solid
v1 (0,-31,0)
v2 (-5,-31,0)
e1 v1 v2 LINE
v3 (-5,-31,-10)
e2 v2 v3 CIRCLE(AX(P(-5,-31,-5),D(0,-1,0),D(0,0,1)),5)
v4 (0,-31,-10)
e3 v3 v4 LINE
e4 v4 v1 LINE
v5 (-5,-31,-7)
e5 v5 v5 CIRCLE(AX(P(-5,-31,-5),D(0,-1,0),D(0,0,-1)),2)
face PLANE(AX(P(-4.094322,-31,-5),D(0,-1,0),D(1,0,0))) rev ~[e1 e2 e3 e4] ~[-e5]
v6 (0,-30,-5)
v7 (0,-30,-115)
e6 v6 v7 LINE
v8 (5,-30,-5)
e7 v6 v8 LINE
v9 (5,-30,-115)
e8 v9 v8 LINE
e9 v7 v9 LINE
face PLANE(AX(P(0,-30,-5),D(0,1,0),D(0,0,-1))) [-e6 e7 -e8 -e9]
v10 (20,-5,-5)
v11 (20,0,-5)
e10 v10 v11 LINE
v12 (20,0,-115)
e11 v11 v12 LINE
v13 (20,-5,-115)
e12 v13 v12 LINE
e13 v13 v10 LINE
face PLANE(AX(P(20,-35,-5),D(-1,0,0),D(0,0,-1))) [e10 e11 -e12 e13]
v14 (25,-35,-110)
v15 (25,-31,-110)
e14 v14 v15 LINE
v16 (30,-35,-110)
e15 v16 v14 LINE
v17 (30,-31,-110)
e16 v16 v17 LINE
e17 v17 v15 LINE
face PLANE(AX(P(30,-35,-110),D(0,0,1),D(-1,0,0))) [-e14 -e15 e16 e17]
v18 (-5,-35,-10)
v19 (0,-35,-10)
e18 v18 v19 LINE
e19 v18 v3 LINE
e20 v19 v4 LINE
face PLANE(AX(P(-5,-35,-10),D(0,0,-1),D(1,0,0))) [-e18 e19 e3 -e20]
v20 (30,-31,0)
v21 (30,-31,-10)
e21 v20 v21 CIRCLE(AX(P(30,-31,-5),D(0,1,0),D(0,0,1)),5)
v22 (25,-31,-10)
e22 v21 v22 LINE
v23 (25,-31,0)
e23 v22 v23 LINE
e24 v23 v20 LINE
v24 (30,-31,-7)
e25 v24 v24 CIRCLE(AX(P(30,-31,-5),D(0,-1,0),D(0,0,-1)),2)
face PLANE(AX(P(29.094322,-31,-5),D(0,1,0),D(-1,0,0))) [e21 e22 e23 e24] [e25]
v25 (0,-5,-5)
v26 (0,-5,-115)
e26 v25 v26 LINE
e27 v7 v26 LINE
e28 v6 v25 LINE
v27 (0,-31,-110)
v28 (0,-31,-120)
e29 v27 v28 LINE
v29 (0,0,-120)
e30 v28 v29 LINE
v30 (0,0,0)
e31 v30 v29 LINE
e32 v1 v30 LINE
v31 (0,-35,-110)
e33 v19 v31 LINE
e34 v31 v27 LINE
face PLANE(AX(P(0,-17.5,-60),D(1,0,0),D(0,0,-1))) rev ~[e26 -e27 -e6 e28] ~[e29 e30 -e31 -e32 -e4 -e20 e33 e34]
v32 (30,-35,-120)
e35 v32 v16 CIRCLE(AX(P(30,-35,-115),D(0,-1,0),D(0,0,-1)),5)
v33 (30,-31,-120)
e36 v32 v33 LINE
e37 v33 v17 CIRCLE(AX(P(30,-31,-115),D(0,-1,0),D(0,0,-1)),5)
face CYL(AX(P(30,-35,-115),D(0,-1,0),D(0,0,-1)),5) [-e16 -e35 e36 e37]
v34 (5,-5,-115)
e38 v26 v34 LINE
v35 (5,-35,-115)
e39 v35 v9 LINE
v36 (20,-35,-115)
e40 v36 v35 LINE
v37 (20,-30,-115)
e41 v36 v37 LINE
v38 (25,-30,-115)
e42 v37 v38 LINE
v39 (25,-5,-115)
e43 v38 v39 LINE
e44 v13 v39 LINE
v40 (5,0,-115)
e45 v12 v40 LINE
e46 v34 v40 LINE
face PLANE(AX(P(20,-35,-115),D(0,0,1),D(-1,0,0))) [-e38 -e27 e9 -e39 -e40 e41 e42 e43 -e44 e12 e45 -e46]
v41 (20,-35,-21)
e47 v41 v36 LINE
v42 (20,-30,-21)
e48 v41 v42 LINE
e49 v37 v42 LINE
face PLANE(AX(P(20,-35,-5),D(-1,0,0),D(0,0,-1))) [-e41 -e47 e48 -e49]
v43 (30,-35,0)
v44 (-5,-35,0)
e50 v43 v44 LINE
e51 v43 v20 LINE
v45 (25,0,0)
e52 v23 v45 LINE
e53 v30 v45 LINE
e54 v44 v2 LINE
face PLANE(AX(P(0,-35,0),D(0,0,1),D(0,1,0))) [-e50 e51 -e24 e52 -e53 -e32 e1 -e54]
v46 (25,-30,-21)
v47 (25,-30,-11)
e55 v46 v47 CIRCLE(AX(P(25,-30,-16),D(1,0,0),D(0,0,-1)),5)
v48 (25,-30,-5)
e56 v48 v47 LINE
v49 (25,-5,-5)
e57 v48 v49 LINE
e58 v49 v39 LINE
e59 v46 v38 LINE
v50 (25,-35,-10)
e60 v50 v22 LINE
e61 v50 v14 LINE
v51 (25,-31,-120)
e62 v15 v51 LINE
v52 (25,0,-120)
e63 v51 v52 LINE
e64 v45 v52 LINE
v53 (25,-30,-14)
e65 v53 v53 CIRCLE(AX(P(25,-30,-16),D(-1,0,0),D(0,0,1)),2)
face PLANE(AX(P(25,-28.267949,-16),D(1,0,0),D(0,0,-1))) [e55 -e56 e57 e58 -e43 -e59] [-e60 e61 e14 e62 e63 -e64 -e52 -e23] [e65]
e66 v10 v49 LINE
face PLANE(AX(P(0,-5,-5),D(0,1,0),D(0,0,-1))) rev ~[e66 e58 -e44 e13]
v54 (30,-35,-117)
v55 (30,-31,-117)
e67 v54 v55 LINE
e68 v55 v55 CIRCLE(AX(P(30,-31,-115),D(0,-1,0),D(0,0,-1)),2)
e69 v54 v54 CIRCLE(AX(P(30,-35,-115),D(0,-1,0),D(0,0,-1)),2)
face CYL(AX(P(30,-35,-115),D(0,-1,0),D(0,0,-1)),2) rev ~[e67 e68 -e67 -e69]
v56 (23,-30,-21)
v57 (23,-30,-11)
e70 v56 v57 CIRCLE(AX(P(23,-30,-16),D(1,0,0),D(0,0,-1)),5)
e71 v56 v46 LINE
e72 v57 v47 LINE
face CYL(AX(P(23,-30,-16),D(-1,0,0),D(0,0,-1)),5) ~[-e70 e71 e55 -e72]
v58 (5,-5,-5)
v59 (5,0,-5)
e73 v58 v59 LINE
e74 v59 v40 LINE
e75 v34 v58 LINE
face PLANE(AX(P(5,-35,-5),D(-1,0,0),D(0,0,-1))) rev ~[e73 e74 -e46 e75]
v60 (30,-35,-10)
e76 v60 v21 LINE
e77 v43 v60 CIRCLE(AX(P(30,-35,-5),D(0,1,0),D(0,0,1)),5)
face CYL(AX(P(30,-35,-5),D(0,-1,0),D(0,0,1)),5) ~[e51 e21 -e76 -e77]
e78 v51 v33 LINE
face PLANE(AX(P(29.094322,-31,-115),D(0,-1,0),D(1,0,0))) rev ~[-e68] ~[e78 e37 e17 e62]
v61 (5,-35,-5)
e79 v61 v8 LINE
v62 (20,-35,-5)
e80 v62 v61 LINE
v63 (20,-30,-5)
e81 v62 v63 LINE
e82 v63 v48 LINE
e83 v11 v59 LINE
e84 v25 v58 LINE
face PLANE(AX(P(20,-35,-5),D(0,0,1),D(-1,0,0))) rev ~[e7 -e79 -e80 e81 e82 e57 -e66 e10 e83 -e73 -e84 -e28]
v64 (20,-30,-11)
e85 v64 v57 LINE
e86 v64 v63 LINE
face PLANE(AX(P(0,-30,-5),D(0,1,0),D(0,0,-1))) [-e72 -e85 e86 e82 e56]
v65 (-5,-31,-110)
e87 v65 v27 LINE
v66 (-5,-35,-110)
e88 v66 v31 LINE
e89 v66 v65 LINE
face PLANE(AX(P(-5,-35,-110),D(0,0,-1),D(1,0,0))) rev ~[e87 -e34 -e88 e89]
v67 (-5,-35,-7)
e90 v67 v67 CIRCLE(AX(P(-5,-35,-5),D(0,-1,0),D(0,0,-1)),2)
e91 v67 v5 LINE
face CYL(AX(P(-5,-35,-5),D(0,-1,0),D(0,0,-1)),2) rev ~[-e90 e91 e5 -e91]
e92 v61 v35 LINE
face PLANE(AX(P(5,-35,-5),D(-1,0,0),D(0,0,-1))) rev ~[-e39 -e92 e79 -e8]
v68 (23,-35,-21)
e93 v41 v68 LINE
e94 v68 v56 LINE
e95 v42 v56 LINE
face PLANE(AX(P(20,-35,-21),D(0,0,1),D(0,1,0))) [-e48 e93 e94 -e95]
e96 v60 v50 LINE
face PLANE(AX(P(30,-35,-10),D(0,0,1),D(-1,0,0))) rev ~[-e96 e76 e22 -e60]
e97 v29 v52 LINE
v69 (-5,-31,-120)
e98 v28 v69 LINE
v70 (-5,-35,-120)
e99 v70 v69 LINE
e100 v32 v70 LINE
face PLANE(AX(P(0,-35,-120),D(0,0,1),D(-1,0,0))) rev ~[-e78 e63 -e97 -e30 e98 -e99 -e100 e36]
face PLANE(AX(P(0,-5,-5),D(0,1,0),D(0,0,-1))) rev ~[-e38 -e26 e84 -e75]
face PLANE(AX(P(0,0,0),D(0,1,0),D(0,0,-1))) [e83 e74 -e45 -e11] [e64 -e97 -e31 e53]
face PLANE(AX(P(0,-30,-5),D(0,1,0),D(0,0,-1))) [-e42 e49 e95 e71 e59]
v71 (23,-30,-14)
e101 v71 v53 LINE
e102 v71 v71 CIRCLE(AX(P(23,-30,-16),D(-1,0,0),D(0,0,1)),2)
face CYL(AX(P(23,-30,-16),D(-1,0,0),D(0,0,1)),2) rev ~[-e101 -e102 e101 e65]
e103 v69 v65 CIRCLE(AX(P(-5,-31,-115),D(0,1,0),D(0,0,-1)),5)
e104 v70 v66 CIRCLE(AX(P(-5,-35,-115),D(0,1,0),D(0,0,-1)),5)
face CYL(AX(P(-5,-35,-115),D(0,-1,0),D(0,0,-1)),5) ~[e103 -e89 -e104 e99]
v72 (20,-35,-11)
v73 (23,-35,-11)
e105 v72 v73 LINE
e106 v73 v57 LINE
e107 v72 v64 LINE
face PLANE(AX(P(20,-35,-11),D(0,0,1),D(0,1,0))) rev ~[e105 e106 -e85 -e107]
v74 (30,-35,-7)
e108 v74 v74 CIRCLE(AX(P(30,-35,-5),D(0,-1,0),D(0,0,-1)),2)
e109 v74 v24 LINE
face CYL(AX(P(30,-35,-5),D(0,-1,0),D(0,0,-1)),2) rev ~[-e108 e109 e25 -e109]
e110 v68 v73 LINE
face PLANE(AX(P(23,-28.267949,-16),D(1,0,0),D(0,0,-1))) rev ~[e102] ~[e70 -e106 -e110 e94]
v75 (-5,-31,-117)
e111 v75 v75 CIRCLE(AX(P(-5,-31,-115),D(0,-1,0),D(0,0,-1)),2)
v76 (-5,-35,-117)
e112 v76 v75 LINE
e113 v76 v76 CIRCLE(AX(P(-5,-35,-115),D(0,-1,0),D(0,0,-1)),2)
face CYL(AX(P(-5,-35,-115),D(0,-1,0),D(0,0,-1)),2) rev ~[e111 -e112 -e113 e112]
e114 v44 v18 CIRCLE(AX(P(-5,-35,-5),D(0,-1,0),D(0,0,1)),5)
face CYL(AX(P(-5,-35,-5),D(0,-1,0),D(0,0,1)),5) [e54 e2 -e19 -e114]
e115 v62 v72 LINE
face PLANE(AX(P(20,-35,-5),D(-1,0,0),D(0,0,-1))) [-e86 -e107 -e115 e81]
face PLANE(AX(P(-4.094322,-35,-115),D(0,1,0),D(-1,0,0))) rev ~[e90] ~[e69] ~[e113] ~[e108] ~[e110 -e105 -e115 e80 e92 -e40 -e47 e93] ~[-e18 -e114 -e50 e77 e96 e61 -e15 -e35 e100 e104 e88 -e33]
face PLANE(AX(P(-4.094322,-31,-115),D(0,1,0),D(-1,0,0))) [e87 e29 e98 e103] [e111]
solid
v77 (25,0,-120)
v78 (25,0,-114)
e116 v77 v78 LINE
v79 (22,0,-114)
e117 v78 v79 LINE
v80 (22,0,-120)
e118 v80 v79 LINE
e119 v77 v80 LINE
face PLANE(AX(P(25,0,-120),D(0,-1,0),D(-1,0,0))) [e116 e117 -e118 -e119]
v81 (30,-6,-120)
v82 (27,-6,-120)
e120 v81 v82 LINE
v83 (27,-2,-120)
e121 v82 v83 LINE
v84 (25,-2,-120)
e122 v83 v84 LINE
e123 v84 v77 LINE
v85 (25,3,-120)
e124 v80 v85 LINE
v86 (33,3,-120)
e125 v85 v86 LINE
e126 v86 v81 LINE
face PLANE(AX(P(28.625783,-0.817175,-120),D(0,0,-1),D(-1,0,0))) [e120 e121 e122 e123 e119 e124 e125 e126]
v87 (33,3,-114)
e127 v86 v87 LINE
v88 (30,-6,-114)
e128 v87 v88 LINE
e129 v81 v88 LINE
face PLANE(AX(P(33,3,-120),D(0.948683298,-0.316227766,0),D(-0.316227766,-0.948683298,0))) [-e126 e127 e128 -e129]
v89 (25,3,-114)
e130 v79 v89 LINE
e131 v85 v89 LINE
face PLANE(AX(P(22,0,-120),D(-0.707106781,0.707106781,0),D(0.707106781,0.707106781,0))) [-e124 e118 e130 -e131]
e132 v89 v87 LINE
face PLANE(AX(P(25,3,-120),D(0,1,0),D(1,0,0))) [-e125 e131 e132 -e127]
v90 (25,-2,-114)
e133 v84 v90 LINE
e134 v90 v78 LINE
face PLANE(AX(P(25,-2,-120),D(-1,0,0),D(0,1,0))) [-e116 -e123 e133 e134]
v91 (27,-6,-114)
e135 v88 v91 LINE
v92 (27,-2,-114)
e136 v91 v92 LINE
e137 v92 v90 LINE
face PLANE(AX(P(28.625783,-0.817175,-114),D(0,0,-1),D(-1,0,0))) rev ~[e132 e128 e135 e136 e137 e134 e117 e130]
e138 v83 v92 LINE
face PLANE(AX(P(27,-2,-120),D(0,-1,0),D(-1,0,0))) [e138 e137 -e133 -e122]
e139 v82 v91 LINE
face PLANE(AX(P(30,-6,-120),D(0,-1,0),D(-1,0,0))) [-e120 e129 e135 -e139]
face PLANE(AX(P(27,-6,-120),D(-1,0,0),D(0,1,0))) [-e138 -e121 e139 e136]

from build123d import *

# Parameters (mm, degrees)
SKETCH1_W           = 120
SKETCH1_H           = 35
SKETCH1_W_2         = 110
SKETCH1_H_2         = 25
BOSS_EXTRUDE1_DEPTH = 25
CUT_EXTRUDE1_REACH  = 129.475
SKETCH2_W           = 15
SKETCH2_H           = 110
SKETCH3_R           = 2
BOSS_EXTRUDE2_DEPTH = 4
SKETCH4_W           = 10
SKETCH4_H           = 5
CUT_EXTRUDE2_DEPTH  = 3
BOSS_EXTRUDE3_DEPTH = 2
SKETCH6_R           = 2
CUT_EXTRUDE3_DEPTH  = 2
BOSS_EXTRUDE4_DEPTH = 6


with BuildPart() as part:
    # Sketch1 → Boss-Extrude1 (new body)
    with BuildSketch(Plane(origin=(0, 0, 0), x_dir=(0, 0, -1), z_dir=(1, 0, 0))):
        with Locations((60, -17.5)):
            Rectangle(SKETCH1_W, SKETCH1_H)
        with Locations((60, -17.5)):
            Rectangle(SKETCH1_W_2, SKETCH1_H_2, mode=Mode.SUBTRACT)
    extrude(amount=BOSS_EXTRUDE1_DEPTH)

    # Cut-Extrude1: up to this face of the body (flat: up to its plane)
    cut_extrude1_end = Plane(part.part.faces().sort_by_distance((12.5, 0, -60))[0])
    # Sketch2 → Cut-Extrude1 (cut, up to the picked face)
    with BuildSketch(Plane(origin=(0, -35, 0), x_dir=(-1, 0, 0), z_dir=(0, -1, 0)), mode=Mode.PRIVATE) as cut_extrude1_sk1:
        with Locations((-12.5, 60)):
            Rectangle(SKETCH2_W, SKETCH2_H)
    cut_extrude1_tool1 = split(extrude(cut_extrude1_sk1.sketch, amount=-CUT_EXTRUDE1_REACH, mode=Mode.PRIVATE), bisect_by=cut_extrude1_end, keep=Keep.BOTH, mode=Mode.PRIVATE)
    add(cut_extrude1_tool1.solids().sort_by(Axis((12.5, -35, -60), (0, 1, 0)))[0], mode=Mode.SUBTRACT)

    # Sketch3 → Boss-Extrude2 (add)
    # profile 1 of 4: a face of its own
    with BuildSketch(Plane.XZ.offset(35)):
        with BuildLine():
            Line((0, -120), (-5, -120))
            ThreePointArc((-5, -120), (-10, -115), (-5, -110))
            Line((-5, -110), (0, -110))
            Line((0, -110), (0, -120))
        make_face()
        with Locations(Location((-5, -115, 0), (0, 0, 270))):
            Circle(SKETCH3_R, mode=Mode.SUBTRACT)
    # profile 2 of 4: a face of its own
    with BuildSketch(Plane.XZ.offset(35)):
        with BuildLine():
            Line((0, 0), (-5, 0))
            ThreePointArc((-5, 0), (-10, -5), (-5, -10))
            Line((-5, -10), (0, -10))
            Line((0, -10), (0, 0))
        make_face()
        with Locations(Location((-5, -5, 0), (0, 0, 270))):
            Circle(SKETCH3_R, mode=Mode.SUBTRACT)
    # profile 3 of 4: a face of its own
    with BuildSketch(Plane.XZ.offset(35)):
        with BuildLine():
            Line((25, -120), (30, -120))
            ThreePointArc((30, -120), (35, -115), (30, -110))
            Line((30, -110), (25, -110))
            Line((25, -110), (25, -120))
        make_face()
        with Locations(Location((30, -115, 0), (0, 0, 270))):
            Circle(SKETCH3_R, mode=Mode.SUBTRACT)
    # profile 4 of 4: a face of its own
    with BuildSketch(Plane.XZ.offset(35)):
        with BuildLine():
            Line((25, 0), (30, 0))
            ThreePointArc((30, 0), (35, -5), (30, -10))
            Line((30, -10), (25, -10))
            Line((25, -10), (25, 0))
        make_face()
        with Locations(Location((30, -5, 0), (0, 0, 270))):
            Circle(SKETCH3_R, mode=Mode.SUBTRACT)
    extrude(amount=-BOSS_EXTRUDE2_DEPTH)

    # Sketch4 → Cut-Extrude2 (cut)
    with BuildSketch(Plane.ZY.offset(-20)):
        with Locations((-16, -32.5)):
            Rectangle(SKETCH4_W, SKETCH4_H)
    extrude(amount=-CUT_EXTRUDE2_DEPTH, mode=Mode.SUBTRACT)

    # Sketch5 → Boss-Extrude3 (add)
    with BuildSketch(Plane.ZY.offset(-23)):
        with BuildLine():
            Line((-11, -30), (-21, -30))
            ThreePointArc((-21, -30), (-16, -25), (-11, -30))
        make_face()
    extrude(amount=-BOSS_EXTRUDE3_DEPTH)

    # Sketch6 → Cut-Extrude3 (cut)
    with BuildSketch(Plane.ZY.offset(-23)):
        with Locations((-16, -30)):
            Circle(SKETCH6_R)
    extrude(amount=-CUT_EXTRUDE3_DEPTH, mode=Mode.SUBTRACT)


with BuildPart() as body_2:
    # Sketch7 → Boss-Extrude4 (new body)
    with BuildSketch(Plane(origin=(0, 0, -120), x_dir=(-1, 0, 0), z_dir=(0, 0, -1))):
        Polygon((-27, -2), (-25, -2), (-25, 0), (-25, 3), (-33, 3), (-30, -6), (-27, -6), align=None)
        Polygon((-25, 3), (-25, 0), (-22, 0), align=None)
    extrude(amount=-BOSS_EXTRUDE4_DEPTH)


solid = Compound([part.part, body_2.part])
